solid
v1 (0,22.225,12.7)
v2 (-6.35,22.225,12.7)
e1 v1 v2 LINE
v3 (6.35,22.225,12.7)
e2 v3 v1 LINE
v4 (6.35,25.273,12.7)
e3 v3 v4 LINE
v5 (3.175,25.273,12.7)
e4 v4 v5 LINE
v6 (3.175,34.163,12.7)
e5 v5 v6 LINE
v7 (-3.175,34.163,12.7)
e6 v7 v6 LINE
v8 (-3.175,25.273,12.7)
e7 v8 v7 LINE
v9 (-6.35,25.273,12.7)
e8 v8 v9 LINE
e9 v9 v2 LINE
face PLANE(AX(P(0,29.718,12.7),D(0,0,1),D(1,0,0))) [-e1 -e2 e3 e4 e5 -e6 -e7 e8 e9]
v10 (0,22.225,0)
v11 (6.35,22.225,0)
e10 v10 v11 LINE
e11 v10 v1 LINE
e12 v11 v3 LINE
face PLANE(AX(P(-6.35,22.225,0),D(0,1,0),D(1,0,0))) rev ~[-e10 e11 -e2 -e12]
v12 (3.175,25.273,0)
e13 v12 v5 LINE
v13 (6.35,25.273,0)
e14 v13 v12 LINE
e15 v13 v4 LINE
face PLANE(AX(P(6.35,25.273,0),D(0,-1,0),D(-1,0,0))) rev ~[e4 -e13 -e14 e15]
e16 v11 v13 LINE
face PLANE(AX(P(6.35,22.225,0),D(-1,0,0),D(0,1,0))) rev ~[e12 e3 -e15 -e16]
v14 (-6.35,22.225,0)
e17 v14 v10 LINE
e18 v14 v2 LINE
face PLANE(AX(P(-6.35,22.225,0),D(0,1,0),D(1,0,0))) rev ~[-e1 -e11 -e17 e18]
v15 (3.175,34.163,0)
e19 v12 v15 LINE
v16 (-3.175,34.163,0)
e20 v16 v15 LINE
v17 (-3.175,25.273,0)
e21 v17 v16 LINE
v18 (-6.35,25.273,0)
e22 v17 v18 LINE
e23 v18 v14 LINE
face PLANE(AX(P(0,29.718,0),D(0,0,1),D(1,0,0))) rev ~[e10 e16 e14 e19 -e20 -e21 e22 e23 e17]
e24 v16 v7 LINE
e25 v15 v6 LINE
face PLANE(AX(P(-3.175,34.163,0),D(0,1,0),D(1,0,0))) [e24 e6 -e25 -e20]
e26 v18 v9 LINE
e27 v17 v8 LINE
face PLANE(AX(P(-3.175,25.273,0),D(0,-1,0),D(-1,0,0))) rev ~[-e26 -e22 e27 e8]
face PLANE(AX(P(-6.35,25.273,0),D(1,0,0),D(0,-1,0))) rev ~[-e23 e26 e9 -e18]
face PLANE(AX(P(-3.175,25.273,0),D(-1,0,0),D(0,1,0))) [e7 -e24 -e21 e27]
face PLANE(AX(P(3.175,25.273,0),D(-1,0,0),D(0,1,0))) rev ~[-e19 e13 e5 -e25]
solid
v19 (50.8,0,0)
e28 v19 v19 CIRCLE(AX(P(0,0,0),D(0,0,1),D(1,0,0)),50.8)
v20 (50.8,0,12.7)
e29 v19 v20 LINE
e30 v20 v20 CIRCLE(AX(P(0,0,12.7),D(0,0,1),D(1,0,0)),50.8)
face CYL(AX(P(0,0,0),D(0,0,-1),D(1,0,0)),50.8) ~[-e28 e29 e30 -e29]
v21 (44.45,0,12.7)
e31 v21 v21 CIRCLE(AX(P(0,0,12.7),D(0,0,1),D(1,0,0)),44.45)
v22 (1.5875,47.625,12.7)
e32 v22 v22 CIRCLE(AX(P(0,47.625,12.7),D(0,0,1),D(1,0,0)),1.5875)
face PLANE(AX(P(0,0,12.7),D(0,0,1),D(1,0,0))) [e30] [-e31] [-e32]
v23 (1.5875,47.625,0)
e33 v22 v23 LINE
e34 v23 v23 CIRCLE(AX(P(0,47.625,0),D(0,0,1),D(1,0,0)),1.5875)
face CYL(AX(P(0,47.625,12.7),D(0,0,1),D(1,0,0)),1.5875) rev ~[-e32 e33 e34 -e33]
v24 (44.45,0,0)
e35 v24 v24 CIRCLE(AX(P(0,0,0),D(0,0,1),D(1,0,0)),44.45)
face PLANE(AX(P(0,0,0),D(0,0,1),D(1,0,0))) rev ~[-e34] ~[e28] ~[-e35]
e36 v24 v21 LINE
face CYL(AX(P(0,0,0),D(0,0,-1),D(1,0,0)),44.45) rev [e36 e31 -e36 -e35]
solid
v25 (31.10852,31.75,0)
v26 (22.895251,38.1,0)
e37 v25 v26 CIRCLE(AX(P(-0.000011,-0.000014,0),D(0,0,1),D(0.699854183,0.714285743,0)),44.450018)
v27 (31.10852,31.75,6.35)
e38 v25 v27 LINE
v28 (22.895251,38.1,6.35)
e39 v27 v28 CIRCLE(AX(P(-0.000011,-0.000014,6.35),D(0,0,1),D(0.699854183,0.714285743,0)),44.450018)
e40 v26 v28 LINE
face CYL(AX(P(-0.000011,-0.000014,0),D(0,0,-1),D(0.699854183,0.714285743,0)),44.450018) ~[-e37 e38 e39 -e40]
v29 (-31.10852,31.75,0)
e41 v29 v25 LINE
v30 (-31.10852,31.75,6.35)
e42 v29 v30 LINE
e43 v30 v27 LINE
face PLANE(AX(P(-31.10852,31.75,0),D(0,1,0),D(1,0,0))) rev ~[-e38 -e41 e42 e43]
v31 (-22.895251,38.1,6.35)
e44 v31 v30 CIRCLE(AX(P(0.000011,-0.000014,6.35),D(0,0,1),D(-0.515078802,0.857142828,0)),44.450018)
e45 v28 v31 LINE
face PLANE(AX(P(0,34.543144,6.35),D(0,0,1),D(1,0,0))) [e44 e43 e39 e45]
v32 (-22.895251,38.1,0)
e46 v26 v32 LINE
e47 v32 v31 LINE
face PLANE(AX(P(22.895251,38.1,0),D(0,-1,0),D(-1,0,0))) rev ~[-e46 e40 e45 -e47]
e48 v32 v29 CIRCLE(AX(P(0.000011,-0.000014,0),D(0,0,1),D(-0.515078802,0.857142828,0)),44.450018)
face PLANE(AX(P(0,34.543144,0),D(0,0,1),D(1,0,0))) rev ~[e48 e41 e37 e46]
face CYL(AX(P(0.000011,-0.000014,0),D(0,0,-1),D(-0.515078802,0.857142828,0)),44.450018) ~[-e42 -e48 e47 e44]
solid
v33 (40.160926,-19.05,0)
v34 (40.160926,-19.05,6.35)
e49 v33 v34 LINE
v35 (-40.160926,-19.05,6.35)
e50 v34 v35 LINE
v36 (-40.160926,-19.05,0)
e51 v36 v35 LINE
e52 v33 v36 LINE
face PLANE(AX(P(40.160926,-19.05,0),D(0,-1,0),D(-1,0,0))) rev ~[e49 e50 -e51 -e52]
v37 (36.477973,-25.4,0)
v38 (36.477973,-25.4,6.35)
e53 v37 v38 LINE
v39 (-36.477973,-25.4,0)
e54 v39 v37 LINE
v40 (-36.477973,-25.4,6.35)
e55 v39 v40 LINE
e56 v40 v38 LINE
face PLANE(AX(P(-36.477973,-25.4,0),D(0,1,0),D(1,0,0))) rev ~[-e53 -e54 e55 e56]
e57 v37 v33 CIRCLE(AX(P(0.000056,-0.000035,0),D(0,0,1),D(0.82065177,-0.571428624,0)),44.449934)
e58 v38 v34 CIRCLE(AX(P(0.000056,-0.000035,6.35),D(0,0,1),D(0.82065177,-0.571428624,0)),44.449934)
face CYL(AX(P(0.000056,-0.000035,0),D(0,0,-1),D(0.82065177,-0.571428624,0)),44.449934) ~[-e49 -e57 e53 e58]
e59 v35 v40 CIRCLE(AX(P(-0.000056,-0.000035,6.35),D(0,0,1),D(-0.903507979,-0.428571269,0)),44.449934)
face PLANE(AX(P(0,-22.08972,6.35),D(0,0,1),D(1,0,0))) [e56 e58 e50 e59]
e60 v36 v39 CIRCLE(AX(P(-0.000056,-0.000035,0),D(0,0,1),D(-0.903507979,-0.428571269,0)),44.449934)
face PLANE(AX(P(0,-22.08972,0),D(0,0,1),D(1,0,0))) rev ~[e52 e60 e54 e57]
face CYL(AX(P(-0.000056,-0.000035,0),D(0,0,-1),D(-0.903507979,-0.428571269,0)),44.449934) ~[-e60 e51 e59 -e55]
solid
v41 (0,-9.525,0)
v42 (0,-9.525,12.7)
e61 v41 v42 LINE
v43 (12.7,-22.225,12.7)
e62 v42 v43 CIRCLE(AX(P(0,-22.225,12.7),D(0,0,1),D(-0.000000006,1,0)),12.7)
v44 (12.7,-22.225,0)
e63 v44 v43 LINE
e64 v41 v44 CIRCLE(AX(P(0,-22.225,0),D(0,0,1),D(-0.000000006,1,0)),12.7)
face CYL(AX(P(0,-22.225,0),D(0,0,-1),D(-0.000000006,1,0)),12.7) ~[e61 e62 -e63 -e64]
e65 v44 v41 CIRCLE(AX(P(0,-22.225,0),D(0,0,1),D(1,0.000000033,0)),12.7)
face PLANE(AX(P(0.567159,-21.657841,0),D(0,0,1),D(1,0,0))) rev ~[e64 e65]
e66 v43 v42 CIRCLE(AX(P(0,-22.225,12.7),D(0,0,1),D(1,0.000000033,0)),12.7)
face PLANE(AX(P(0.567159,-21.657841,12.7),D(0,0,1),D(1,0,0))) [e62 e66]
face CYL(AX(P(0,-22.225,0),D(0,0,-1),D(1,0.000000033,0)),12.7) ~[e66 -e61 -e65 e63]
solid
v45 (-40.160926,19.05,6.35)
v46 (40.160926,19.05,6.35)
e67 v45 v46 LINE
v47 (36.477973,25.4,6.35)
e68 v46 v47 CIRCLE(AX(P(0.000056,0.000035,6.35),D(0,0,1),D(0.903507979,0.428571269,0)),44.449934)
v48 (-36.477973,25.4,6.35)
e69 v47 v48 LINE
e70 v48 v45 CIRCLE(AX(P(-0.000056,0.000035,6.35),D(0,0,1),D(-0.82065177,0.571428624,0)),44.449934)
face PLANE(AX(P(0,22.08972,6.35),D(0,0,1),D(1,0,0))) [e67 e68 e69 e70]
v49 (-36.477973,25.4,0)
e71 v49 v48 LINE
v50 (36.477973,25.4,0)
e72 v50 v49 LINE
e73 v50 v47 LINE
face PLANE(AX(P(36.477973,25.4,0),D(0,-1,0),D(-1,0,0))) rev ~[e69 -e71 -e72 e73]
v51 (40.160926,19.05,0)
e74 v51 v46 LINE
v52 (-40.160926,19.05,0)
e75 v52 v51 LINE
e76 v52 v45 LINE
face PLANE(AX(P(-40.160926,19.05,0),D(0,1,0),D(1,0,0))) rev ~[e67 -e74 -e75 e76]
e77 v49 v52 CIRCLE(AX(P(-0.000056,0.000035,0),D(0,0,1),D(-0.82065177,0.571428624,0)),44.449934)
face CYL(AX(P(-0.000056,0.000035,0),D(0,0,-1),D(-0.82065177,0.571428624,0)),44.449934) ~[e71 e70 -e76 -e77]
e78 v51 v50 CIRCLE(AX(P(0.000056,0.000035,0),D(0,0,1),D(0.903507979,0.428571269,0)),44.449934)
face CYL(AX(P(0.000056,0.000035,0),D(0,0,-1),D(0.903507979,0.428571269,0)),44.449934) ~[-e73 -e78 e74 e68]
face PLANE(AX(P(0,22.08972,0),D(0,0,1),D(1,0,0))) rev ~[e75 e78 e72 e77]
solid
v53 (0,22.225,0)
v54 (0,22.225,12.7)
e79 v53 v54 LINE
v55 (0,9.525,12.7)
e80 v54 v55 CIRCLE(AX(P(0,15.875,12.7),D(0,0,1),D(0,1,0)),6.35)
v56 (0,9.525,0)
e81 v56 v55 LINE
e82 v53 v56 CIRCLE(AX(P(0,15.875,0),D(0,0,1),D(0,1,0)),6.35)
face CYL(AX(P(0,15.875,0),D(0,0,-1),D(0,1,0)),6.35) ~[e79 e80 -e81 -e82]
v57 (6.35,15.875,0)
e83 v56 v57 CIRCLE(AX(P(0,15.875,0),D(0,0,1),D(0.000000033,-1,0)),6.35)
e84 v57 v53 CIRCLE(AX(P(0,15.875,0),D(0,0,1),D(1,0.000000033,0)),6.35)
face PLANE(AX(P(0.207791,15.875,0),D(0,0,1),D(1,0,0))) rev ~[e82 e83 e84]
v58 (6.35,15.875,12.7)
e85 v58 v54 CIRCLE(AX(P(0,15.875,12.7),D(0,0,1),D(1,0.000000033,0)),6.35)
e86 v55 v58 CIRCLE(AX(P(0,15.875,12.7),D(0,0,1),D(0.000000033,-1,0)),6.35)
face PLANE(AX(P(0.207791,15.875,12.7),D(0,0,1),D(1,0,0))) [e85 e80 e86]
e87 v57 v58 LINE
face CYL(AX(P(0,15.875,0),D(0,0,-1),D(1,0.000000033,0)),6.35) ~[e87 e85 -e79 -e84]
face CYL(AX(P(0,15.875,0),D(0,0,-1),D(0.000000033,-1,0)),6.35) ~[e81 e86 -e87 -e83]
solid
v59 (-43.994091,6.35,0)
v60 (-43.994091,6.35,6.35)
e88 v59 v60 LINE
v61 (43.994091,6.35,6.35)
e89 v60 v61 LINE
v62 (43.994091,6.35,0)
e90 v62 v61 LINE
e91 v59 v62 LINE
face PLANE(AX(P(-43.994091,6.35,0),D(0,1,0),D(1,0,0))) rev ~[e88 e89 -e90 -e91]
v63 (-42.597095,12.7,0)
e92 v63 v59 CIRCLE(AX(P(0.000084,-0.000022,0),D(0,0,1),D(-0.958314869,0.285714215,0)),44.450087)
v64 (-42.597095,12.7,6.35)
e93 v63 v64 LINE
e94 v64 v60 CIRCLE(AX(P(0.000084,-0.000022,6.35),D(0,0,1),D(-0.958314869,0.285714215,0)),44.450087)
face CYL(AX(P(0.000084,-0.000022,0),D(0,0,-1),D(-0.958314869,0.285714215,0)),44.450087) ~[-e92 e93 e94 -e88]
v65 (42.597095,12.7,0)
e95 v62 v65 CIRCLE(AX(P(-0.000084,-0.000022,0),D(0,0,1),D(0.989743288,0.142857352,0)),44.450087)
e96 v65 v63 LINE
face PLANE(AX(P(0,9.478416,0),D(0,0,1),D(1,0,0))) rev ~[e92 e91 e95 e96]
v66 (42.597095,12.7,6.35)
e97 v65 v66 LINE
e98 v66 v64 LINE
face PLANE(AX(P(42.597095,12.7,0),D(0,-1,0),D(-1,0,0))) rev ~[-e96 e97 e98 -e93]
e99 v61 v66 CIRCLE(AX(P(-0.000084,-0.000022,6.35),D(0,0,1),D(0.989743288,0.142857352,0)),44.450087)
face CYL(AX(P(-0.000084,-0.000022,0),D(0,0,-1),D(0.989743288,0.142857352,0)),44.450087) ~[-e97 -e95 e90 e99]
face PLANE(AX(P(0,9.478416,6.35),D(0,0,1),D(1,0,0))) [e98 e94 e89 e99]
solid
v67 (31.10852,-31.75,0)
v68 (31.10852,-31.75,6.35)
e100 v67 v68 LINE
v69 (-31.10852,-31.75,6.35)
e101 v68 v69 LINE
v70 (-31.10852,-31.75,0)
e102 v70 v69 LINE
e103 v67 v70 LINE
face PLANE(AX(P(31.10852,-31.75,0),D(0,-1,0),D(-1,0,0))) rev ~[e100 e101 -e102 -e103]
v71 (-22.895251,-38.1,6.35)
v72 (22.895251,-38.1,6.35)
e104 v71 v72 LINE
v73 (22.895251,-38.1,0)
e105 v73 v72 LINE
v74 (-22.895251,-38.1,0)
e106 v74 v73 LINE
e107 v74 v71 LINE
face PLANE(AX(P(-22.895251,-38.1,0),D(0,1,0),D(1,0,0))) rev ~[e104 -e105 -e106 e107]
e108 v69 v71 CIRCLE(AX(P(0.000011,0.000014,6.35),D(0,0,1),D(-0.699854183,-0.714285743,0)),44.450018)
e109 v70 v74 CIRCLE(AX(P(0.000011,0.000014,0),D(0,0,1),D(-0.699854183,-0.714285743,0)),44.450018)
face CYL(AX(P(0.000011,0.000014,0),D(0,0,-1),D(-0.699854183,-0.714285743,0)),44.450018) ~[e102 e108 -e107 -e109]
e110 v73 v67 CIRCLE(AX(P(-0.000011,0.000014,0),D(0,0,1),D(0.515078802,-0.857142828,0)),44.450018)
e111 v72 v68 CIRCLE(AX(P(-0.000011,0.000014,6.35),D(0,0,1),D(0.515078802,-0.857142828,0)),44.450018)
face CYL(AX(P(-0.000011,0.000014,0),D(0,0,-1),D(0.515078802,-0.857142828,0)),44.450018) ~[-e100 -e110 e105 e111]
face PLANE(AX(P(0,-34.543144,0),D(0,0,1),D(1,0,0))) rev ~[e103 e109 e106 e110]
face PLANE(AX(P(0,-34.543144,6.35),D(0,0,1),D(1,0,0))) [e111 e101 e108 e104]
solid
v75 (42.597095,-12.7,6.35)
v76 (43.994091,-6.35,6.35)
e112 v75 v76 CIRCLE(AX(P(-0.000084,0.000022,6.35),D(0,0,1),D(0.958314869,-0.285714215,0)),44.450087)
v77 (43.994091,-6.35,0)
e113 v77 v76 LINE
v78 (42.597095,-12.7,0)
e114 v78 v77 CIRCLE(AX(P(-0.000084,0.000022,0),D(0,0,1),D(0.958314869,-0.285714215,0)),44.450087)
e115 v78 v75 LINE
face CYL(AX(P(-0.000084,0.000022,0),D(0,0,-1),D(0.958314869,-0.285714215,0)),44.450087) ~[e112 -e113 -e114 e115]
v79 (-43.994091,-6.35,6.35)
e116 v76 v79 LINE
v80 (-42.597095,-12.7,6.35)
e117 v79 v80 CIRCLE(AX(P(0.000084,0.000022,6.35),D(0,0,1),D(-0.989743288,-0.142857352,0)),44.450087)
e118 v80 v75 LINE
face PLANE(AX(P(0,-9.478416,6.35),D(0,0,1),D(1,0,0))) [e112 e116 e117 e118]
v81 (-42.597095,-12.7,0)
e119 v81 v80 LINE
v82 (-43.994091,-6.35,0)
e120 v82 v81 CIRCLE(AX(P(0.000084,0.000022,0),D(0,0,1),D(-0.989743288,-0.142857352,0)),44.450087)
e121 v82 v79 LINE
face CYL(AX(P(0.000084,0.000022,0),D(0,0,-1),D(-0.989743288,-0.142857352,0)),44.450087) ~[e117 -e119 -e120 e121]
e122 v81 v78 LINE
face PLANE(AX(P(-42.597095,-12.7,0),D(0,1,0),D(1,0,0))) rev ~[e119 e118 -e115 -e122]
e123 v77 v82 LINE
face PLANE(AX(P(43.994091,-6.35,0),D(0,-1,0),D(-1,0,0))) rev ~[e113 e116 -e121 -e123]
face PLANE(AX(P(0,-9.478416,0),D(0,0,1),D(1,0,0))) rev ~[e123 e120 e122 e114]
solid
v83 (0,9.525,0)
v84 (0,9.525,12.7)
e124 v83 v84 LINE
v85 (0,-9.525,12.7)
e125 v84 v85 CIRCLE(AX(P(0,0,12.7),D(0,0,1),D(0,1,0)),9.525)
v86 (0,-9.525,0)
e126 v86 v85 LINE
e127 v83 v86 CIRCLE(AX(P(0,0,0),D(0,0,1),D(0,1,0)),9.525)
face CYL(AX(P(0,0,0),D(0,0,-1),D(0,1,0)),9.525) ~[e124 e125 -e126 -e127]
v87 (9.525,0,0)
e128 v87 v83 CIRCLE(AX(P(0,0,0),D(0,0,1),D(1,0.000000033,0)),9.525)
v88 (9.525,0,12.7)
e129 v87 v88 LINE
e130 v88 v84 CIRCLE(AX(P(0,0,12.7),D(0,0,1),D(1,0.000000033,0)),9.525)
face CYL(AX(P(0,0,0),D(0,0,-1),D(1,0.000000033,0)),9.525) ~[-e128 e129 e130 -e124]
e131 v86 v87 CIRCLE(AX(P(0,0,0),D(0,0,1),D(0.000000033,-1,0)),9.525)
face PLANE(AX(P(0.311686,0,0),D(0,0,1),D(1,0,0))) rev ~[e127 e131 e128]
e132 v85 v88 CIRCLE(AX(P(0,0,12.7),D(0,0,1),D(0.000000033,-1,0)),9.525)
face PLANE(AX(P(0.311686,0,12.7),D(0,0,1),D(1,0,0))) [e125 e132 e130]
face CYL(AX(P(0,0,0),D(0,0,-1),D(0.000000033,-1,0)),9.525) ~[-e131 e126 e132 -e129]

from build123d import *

# Parameters (mm, degrees)
F0_R     = 50.8
F0_R_2   = 44.45
F0_W     = 6.35
F0_H     = 8.89
F2_DEPTH = 12.7
F3_DEPTH = 6.35
F4_R     = 1.5875
F5_DEPTH = 25.4


with BuildPart() as f2:
    # F0 (on Top) → F2 (new body)
    with BuildSketch(Plane.XY):
        Circle(F0_R)
        Circle(F0_R_2, mode=Mode.SUBTRACT)
        with Locations((0, 29.718)):
            Rectangle(F0_W, F0_H)
        Polygon((-6.35, 22.225), (0, 22.225), (6.35, 22.225), (6.35, 25.273), (3.175, 25.273), (-3.175, 25.273), (-6.35, 25.273), align=None)
        with BuildLine():
            ThreePointArc((0, 22.225), (-6.35, 15.875), (0, 9.525))
            ThreePointArc((0, 9.525), (4.490128, 11.384872), (6.35, 15.875))
            ThreePointArc((6.35, 15.875), (4.490128, 20.365128), (0, 22.225))
        make_face()
        with BuildLine():
            ThreePointArc((0, -9.525), (6.735192, -6.735192), (9.525, 0))
            ThreePointArc((9.525, 0), (6.735192, 6.735192), (0, 9.525))
            ThreePointArc((0, 9.525), (-9.525, 0), (0, -9.525))
        make_face()
        with BuildLine():
            ThreePointArc((12.7, -22.225), (8.980256, -13.244744), (0, -9.525))
            ThreePointArc((0, -9.525), (-8.980256, -31.205256), (12.7, -22.225))
        make_face()
    extrude(amount=F2_DEPTH)

    # F4 (on face) → F5 (cut)
    with BuildSketch(Plane.XY.offset(12.7)):
        with Locations((0, 47.625)):
            Circle(F4_R)
    extrude(amount=-F5_DEPTH, mode=Mode.SUBTRACT)


with BuildPart() as f3:
    # F1 (on Top) → F3 (new body)
    with BuildSketch(Plane.XY):
        with BuildLine():
            Line((-31.10852, 31.75), (31.10852, 31.75))
            ThreePointArc((31.10852, 31.75), (27.18791, 35.165609), (22.895251, 38.1))
            Line((22.895251, 38.1), (-22.895251, 38.1))
            ThreePointArc((-22.895251, 38.1), (-27.18791, 35.165609), (-31.10852, 31.75))
        make_face()
        with BuildLine():
            Line((-40.160926, 19.05), (40.160926, 19.05))
            ThreePointArc((40.160926, 19.05), (38.450759, 22.301158), (36.477973, 25.4))
            Line((36.477973, 25.4), (-36.477973, 25.4))
            ThreePointArc((-36.477973, 25.4), (-38.450759, 22.301158), (-40.160926, 19.05))
        make_face()
        with BuildLine():
            Line((-43.994091, 6.35), (43.994091, 6.35))
            ThreePointArc((43.994091, 6.35), (43.411853, 9.550577), (42.597095, 12.7))
            Line((42.597095, 12.7), (-42.597095, 12.7))
            ThreePointArc((-42.597095, 12.7), (-43.411853, 9.550577), (-43.994091, 6.35))
        make_face()
        with BuildLine():
            ThreePointArc((42.597095, -12.7), (43.411853, -9.550577), (43.994091, -6.35))
            Line((43.994091, -6.35), (-43.994091, -6.35))
            ThreePointArc((-43.994091, -6.35), (-43.411853, -9.550577), (-42.597095, -12.7))
            Line((-42.597095, -12.7), (42.597095, -12.7))
        make_face()
        with BuildLine():
            ThreePointArc((36.477973, -25.4), (38.450759, -22.301158), (40.160926, -19.05))
            Line((40.160926, -19.05), (-40.160926, -19.05))
            ThreePointArc((-40.160926, -19.05), (-38.450759, -22.301158), (-36.477973, -25.4))
            Line((-36.477973, -25.4), (36.477973, -25.4))
        make_face()
        with BuildLine():
            ThreePointArc((22.895251, -38.1), (27.18791, -35.165609), (31.10852, -31.75))
            Line((31.10852, -31.75), (-31.10852, -31.75))
            ThreePointArc((-31.10852, -31.75), (-27.18791, -35.165609), (-22.895251, -38.1))
            Line((-22.895251, -38.1), (22.895251, -38.1))
        make_face()
    extrude(amount=F3_DEPTH)


solid = Compound([f2.part, f3.part])
